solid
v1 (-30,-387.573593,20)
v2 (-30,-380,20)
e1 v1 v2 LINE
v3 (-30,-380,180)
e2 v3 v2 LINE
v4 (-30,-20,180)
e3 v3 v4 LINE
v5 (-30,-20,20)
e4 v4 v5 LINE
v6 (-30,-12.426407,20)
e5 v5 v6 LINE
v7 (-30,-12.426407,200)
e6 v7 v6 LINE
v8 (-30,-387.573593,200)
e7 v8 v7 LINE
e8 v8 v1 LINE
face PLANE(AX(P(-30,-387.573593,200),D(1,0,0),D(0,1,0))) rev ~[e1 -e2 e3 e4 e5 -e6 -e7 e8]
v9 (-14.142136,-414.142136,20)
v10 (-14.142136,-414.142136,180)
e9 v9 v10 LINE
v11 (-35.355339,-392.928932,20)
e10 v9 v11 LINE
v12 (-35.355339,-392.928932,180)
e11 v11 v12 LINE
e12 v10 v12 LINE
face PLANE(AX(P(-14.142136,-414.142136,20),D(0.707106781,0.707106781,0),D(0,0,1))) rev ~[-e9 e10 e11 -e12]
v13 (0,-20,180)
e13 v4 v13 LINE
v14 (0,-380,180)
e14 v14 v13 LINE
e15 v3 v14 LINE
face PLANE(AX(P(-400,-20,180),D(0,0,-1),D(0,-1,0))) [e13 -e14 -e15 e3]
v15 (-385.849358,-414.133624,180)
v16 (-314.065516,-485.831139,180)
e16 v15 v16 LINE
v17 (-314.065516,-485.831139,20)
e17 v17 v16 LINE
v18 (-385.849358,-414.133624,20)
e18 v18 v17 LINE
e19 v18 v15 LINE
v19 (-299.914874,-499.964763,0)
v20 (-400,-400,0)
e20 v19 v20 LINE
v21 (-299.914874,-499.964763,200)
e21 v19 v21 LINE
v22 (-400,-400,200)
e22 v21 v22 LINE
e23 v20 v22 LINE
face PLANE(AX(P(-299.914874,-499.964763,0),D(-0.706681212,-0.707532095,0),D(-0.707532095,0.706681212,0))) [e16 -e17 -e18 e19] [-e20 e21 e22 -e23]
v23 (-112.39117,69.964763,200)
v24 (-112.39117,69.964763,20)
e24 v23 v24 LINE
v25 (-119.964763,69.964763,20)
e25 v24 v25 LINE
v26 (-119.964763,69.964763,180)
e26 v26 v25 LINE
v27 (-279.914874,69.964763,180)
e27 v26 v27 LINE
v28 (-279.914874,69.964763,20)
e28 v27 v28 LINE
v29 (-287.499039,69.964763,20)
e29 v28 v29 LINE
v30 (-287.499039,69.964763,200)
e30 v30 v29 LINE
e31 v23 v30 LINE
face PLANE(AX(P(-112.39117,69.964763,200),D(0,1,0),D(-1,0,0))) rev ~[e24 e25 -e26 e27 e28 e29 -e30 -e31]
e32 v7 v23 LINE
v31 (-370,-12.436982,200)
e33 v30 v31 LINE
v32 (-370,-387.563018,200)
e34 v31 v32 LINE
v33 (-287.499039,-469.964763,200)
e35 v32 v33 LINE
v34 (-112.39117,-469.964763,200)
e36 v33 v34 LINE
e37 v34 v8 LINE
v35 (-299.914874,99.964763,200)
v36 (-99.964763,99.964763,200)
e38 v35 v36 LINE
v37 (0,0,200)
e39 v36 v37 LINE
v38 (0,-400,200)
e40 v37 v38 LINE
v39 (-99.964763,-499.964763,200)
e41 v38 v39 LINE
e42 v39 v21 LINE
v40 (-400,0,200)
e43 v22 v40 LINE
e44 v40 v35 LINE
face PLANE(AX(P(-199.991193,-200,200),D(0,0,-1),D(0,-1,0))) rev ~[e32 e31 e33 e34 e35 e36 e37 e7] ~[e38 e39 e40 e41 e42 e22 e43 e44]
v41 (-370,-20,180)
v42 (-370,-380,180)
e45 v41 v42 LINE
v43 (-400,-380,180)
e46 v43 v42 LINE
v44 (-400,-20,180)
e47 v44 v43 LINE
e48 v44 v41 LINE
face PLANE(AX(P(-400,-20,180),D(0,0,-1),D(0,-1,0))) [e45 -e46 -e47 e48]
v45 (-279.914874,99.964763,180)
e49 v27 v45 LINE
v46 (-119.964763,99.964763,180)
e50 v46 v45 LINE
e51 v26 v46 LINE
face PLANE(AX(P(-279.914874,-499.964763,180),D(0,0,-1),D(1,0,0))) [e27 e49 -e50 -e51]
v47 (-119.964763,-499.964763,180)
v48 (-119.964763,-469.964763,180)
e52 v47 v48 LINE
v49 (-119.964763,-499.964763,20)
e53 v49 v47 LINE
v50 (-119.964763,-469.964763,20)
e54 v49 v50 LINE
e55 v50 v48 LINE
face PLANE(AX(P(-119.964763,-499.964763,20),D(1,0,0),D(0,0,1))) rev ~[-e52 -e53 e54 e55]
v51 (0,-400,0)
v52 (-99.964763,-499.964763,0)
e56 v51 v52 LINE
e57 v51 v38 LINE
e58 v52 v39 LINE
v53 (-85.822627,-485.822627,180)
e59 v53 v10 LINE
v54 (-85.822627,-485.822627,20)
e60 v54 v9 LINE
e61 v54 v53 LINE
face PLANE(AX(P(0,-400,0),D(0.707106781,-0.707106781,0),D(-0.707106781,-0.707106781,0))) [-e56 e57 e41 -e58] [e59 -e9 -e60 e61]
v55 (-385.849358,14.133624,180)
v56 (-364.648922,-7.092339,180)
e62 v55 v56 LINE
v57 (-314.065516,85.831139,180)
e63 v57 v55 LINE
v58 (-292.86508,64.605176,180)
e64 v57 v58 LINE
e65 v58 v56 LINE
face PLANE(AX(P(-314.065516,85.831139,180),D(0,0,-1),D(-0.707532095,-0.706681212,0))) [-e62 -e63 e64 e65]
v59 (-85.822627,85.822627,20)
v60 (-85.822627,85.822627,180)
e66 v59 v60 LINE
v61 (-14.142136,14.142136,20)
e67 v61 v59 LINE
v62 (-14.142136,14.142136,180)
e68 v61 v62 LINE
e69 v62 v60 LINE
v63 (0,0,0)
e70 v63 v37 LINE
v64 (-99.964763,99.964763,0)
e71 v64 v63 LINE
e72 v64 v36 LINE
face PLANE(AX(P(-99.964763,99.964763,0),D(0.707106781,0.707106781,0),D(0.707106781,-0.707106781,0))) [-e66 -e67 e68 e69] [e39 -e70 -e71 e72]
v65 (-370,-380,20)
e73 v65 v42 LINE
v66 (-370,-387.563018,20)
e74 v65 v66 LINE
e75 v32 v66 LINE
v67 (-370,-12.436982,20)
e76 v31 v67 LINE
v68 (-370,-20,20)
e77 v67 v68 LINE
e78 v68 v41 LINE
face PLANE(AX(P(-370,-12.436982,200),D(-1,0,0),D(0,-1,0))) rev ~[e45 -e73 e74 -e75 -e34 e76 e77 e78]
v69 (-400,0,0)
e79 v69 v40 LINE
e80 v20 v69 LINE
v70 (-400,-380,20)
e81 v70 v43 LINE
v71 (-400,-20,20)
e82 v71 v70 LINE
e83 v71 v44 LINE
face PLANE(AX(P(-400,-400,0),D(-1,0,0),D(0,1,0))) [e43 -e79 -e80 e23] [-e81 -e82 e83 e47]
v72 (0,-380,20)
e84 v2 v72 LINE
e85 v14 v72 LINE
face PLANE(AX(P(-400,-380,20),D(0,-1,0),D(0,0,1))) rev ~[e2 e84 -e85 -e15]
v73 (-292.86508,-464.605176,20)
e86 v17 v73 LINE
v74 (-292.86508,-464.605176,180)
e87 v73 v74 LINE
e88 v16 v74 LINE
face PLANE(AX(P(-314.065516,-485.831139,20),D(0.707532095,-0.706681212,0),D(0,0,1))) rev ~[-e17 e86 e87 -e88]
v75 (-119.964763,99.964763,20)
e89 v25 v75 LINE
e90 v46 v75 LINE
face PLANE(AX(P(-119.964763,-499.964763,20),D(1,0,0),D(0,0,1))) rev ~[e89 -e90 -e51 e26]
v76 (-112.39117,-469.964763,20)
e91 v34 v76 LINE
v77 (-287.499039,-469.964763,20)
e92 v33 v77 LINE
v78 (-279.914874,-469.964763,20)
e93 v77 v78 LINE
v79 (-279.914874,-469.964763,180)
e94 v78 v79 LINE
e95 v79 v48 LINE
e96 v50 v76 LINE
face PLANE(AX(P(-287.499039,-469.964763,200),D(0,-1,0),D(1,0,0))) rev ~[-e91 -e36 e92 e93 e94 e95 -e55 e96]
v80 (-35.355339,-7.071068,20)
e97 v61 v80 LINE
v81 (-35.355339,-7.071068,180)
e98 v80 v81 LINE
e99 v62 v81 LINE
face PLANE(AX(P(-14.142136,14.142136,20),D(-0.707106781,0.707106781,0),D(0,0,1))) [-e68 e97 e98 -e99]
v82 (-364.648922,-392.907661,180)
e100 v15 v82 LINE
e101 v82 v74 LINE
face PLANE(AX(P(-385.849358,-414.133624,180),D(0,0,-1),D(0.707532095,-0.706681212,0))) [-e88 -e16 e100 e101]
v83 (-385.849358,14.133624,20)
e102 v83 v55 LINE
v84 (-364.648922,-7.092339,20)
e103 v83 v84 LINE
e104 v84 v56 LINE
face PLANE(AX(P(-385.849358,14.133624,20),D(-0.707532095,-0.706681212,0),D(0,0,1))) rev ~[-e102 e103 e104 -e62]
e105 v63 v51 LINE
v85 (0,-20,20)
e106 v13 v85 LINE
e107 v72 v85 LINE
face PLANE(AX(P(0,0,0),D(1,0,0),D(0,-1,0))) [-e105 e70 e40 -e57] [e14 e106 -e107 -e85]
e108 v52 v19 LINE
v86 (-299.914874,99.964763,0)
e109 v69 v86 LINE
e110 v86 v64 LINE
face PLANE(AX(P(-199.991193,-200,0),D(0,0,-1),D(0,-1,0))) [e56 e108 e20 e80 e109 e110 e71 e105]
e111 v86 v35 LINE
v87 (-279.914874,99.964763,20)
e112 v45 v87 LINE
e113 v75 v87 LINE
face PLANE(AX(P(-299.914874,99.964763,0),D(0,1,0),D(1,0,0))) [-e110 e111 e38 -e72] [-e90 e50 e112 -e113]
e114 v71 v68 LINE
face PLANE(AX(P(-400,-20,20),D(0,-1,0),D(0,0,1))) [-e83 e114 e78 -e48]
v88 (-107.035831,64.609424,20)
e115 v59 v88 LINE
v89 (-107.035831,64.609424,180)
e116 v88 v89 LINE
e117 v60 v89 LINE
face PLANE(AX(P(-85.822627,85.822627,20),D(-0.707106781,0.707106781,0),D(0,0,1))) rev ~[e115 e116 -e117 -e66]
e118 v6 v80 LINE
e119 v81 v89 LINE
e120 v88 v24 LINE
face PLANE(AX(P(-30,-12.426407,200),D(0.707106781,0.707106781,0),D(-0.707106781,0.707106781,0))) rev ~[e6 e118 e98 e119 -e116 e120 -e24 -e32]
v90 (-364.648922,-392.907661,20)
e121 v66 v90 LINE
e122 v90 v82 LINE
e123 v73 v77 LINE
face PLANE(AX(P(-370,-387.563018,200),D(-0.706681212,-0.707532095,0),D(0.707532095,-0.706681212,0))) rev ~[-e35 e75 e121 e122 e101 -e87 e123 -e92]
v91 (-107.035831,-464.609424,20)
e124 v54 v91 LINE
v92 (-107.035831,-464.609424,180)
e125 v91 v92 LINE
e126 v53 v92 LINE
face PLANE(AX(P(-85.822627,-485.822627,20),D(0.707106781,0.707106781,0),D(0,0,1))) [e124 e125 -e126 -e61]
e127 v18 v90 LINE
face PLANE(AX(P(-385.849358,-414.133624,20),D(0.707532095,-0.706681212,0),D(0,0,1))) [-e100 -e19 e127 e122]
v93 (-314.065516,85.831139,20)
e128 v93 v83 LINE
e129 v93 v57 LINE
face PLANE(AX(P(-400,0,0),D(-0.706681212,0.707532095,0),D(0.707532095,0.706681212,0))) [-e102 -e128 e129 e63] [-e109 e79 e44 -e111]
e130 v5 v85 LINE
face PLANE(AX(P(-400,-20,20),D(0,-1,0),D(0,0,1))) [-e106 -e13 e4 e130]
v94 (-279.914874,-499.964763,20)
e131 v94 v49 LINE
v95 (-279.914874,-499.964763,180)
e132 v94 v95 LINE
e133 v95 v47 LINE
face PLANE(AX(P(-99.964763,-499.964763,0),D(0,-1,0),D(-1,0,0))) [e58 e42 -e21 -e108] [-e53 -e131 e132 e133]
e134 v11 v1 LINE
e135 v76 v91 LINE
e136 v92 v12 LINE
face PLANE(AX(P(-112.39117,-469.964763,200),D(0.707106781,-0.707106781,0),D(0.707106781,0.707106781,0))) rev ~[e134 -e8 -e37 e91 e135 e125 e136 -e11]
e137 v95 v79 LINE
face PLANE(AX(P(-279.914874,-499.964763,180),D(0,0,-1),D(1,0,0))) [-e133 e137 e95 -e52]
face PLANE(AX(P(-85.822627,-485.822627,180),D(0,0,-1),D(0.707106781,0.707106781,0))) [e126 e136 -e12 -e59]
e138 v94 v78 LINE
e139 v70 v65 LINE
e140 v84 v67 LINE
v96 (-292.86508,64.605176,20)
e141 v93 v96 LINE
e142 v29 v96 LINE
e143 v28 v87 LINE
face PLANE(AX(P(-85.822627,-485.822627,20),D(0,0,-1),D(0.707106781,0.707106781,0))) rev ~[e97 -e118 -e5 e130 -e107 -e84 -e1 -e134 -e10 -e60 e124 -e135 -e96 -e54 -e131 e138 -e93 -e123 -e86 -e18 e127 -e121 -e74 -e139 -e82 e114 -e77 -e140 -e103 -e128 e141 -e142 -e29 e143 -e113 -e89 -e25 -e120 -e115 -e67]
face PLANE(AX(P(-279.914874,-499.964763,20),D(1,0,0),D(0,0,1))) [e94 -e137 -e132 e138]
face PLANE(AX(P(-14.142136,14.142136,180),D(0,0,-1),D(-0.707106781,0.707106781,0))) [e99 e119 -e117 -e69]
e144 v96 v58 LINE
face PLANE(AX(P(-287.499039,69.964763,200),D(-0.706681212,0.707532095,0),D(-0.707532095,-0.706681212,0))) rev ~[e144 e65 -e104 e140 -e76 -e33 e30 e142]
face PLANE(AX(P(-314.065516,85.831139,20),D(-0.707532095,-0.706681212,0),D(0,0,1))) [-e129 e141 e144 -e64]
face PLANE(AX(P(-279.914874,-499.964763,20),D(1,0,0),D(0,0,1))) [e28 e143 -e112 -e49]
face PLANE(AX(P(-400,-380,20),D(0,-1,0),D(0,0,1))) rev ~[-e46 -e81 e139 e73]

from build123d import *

# Parameters (mm, degrees)
BOSS_EXTRUDE1_DEPTH = 200
CUT_EXTRUDE1_DEPTH  = 180
SKETCH6_W           = 360
SKETCH6_H           = 160
CUT_EXTRUDE2_DEPTH  = 671.794129466
SKETCH7_W           = 101.456658586
SKETCH7_H           = 160
CUT_EXTRUDE3_DEPTH  = 30
SKETCH8_W           = 101.456658586
SKETCH8_H           = 160
CUT_EXTRUDE4_DEPTH  = 30
SKETCH9_W           = 101.37152343
SKETCH9_H           = 160
CUT_EXTRUDE5_DEPTH  = 30
SKETCH10_W          = 101.371523429
SKETCH10_H          = 160
CUT_EXTRUDE6_DEPTH  = 30
SKETCH11_W          = 159.950111148
SKETCH11_H          = 160
CUT_EXTRUDE7_DEPTH  = 749.274973447


with BuildPart() as part:
    # Sketch1 → Boss-Extrude1 (new body)
    with BuildSketch(Plane(origin=(0, 0, 0), x_dir=(0, 1, 0), z_dir=(0, 0, 1))):
        Polygon((-400, 0), (-499.964762884, 99.964762884), (-499.964762884, 299.914874032), (-400, 400), (0, 400), (99.964762884, 299.914874032), (99.964762884, 99.964762884), (0, 0), align=None)
    extrude(amount=BOSS_EXTRUDE1_DEPTH)

    # Sketch4 → Cut-Extrude1 (cut)
    with BuildSketch(Plane.XY.offset(200)):
        Polygon((-30, -387.573593129), (-30, -12.426406871), (-112.391169755, 69.964762884), (-287.499039265, 69.964762884), (-370, -12.43698161), (-370, -387.56301839), (-287.499039265, -469.964762884), (-112.391169755, -469.964762884), align=None)
    extrude(amount=-CUT_EXTRUDE1_DEPTH, mode=Mode.SUBTRACT)

    # Sketch6 → Cut-Extrude2 (cut, through all)
    with BuildSketch(Plane(origin=(-400, 0, 0), x_dir=(0, -1, 0), z_dir=(-1, 0, 0))):
        with Locations((200, 100)):
            Rectangle(SKETCH6_W, SKETCH6_H)
    extrude(amount=-CUT_EXTRUDE2_DEPTH, mode=Mode.SUBTRACT)

    # Sketch7 → Cut-Extrude3 (cut)
    with BuildSketch(Plane(origin=(-199.759333952, 199.9998552, 0), x_dir=(-0.7075320947633997, -0.7066812116362764, 0), z_dir=(-0.7066812116362764, 0.7075320947633997, 0))):
        with Locations((212.284508612, 100)):
            Rectangle(SKETCH7_W, SKETCH7_H)
    extrude(amount=-CUT_EXTRUDE3_DEPTH, mode=Mode.SUBTRACT)

    # Sketch8 → Cut-Extrude4 (cut)
    with BuildSketch(Plane(origin=(-399.759189151, -400.240521248, 0), x_dir=(0.7075320947633943, -0.7066812116362818, 0), z_dir=(-0.7066812116362818, -0.7075320947633943, 0))):
        with Locations((70.387976042, 100)):
            Rectangle(SKETCH8_W, SKETCH8_H)
    extrude(amount=-CUT_EXTRUDE4_DEPTH, mode=Mode.SUBTRACT)

    # Sketch9 → Cut-Extrude5 (cut)
    with BuildSketch(Plane(origin=(0, 0, 0), x_dir=(-0.7071067811865487, 0.7071067811865465, 0), z_dir=(0.7071067811865465, 0.7071067811865487, 0))):
        with Locations((70.685761715, 100)):
            Rectangle(SKETCH9_W, SKETCH9_H)
    extrude(amount=-CUT_EXTRUDE5_DEPTH, mode=Mode.SUBTRACT)

    # Sketch10 → Cut-Extrude6 (cut)
    with BuildSketch(Plane(origin=(200, -200, 0), x_dir=(0.7071067811865439, 0.7071067811865511, 0), z_dir=(0.7071067811865511, -0.7071067811865439, 0))):
        with Locations((-353.52847419, 100)):
            Rectangle(SKETCH10_W, SKETCH10_H)
    extrude(amount=-CUT_EXTRUDE6_DEPTH, mode=Mode.SUBTRACT)

    # Sketch11 → Cut-Extrude7 (cut, through all)
    with BuildSketch(Plane.XZ.offset(499.964762884)):
        with Locations((-199.939818458, 100)):
            Rectangle(SKETCH11_W, SKETCH11_H)
    extrude(amount=-CUT_EXTRUDE7_DEPTH, mode=Mode.SUBTRACT)


solid = part.part
